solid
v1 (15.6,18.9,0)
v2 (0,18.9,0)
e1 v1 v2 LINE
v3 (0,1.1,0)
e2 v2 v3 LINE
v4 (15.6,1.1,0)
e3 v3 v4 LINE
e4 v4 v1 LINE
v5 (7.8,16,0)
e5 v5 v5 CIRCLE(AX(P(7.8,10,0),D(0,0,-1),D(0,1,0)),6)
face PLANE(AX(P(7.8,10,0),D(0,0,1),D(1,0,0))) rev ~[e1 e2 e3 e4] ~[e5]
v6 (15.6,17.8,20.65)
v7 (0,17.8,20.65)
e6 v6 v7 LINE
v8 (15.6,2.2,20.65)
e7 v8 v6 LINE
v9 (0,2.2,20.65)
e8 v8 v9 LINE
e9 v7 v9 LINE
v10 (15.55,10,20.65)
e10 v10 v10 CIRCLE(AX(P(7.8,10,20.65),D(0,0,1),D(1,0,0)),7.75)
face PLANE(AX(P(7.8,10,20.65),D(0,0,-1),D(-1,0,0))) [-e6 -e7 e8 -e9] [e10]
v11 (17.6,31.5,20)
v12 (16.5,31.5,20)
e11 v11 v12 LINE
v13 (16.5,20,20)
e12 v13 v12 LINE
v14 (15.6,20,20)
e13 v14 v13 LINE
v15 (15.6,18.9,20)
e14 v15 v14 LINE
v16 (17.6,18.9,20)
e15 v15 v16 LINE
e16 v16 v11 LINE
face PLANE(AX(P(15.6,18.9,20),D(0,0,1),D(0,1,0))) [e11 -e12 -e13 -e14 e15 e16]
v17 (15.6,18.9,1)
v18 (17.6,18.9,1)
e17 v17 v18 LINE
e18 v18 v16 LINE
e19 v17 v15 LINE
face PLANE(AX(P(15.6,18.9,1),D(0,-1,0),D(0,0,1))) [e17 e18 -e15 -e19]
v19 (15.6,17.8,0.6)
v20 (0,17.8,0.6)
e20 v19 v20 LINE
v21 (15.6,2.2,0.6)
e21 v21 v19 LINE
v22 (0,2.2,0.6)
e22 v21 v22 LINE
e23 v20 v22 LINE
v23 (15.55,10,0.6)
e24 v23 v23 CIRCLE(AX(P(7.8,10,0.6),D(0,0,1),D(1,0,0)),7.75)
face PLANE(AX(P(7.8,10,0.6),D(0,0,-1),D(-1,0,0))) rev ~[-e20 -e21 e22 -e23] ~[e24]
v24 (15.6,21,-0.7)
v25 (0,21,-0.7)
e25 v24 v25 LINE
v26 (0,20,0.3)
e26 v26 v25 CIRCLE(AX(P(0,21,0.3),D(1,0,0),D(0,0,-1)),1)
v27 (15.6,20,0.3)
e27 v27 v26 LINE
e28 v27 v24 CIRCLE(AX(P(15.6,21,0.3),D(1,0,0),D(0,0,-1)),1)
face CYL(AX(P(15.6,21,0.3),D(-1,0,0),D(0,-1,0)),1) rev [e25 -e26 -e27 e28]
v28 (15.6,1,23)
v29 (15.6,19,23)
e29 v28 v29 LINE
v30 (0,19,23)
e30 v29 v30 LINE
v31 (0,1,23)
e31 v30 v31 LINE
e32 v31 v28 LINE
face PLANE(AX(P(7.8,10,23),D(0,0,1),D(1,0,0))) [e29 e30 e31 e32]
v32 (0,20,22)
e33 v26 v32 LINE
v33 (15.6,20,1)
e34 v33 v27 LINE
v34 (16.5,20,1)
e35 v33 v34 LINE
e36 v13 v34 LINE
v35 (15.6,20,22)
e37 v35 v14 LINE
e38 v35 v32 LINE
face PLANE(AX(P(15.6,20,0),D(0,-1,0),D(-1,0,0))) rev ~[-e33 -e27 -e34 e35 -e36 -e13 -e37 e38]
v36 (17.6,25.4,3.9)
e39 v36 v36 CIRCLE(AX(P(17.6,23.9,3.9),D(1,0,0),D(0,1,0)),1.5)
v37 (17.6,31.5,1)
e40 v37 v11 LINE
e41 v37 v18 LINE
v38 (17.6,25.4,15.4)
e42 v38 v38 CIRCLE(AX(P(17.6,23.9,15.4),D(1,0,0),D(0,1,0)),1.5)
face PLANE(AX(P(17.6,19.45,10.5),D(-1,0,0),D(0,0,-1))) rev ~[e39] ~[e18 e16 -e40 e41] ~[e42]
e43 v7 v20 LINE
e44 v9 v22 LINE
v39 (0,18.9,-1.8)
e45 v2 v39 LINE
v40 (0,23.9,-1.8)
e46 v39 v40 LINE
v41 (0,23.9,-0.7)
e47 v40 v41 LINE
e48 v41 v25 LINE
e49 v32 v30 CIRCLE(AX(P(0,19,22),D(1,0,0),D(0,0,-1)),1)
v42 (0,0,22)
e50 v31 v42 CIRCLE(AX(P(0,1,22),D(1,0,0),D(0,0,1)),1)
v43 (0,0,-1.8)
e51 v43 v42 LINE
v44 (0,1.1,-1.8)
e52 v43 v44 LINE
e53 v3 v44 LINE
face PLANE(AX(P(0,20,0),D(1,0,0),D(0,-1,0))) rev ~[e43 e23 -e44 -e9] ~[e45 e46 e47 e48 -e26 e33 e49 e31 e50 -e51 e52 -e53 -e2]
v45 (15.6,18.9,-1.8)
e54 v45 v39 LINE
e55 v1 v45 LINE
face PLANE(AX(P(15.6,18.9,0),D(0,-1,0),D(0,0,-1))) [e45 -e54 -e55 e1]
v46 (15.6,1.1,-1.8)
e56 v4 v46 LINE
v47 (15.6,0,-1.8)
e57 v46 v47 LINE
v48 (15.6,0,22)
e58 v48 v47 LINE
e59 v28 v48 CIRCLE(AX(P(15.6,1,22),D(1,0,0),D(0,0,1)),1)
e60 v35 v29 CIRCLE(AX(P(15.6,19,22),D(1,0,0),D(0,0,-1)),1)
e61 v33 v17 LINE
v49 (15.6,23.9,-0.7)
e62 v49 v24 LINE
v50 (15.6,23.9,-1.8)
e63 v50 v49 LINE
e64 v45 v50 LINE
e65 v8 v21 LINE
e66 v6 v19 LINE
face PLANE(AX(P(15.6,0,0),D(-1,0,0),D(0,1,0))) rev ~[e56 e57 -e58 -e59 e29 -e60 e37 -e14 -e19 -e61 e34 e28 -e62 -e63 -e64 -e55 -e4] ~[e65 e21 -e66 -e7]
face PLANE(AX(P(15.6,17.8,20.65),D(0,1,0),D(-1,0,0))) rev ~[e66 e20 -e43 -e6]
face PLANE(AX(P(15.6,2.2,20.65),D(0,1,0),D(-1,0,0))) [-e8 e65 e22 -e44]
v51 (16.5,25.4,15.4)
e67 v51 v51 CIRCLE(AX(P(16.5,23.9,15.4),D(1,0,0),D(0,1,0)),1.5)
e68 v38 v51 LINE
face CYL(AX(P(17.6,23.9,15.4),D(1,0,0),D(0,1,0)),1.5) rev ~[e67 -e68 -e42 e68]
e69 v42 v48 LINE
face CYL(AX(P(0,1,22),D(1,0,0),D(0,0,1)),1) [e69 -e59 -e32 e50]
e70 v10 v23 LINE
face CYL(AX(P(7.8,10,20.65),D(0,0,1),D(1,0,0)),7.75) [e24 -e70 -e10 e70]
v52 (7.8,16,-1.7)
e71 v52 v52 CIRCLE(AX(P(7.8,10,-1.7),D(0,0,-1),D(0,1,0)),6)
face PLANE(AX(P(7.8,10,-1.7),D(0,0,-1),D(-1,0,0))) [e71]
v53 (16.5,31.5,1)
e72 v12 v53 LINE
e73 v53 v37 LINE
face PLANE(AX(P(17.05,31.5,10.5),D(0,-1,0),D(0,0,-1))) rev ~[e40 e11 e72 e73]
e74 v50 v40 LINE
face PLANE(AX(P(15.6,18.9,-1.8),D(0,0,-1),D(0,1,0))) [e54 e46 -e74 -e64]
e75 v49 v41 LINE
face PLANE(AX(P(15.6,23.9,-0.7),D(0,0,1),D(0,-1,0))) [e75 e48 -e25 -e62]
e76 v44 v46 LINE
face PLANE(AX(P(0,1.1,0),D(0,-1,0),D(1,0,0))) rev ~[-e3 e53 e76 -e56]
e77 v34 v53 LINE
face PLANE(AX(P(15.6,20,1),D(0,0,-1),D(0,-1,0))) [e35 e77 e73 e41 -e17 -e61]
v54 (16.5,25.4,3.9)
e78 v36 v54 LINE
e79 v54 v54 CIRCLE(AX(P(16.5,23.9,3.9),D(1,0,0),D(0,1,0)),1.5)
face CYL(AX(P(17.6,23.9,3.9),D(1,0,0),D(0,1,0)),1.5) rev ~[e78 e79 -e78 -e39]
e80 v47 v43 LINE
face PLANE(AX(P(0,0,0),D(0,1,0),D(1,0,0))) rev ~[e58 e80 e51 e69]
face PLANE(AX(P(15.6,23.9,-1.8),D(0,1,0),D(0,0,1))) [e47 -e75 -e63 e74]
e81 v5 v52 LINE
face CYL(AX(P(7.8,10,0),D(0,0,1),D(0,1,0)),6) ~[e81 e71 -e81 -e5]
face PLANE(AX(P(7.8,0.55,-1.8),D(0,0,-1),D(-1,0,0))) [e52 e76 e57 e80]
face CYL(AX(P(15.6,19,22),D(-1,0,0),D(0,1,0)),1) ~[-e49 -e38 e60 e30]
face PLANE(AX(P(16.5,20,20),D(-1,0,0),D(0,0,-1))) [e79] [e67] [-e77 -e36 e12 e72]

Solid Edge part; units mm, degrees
sketch "Sketch1" plane through (0, 0, 0) normal (0, 0, 1) x (1, 0, 0)
  line L0 (15.6, 20) -> (0, 20)
  line L1 (0, 20) -> (0, 0)
  line L2 (0, 0) -> (15.6, 0)
  line L3 (15.6, 0) -> (15.6, 20)
extrude "Protrusion1" add sketch "Sketch1" along normal blind 23
sketch "Sketch2" plane through (7.8, 10, 0) normal (0, 0, -1) x (0, 1, 0)
  circle A0 centre (0, 0) radius 6
extrude "ProtrusiónExtruida_2" add sketch "Sketch2" along normal blind 1.7
sketch "Sketch3" plane through (15.6, 10, 11.5) normal (1, 0, 0) x (0, 1, 0)
  line L0 (8.9, -13.3) -> (13.9, -13.3)
  line L1 (13.9, -13.3) -> (13.9, -12.2)
  line L2 (13.9, -12.2) -> (10, -12.2)
  line L3 (10, -12.2) -> (10, -11.5)
  line L4 (8.9, -11.5) -> (10, -11.5)
  line L5 (8.9, -11.5) -> (8.9, -13.3)
extrude "Protrusion2" add sketch "Sketch3" against normal up to surface (15.6 mm away)
sketch "Sketch4" plane through (15.6, 11.95, 10.6) normal (1, 0, 0) x (0, 1, 0)
  line L0 (6.95, -9.6) -> (6.95, 9.4)
  line L1 (6.95, 9.4) -> (8.05, 9.4)
  line L2 (8.05, 9.4) -> (8.05, -9.6)
  line L3 (8.05, -9.6) -> (6.95, -9.6)
extrude "ProtrusiónExtruida_4" add sketch "Sketch4" along normal blind 2
sketch "Sketch5" plane through (8.8, 20, 11.15) normal (0, 1, 0) x (-1, 0, 0)
  line L0 (-7.7, 8.85) -> (-7.7, -10.15)
  line L1 (-7.7, -10.15) -> (-8.8, -10.15)
  line L2 (-8.8, -10.15) -> (-8.8, 8.85)
  line L3 (-8.8, 8.85) -> (-7.7, 8.85)
extrude "ProtrusiónExtruida_5" add sketch "Sketch5" along normal blind 11.5
sketch "Sketch6" plane through (7.8, 9.45, 0) normal (0, 0, -1) x (0, 1, 0)
  line L0 (-8.35, -7.8) -> (-8.35, 7.8)
  line L1 (-8.35, 7.8) -> (-9.45, 7.8)
  line L2 (-9.45, 7.8) -> (-9.45, -7.8)
  line L3 (-9.45, -7.8) -> (-8.35, -7.8)
extrude "ProtrusiónExtruida_6" add sketch "Sketch6" along normal blind 1.8
sketch "Sketch7" plane through (17.6, 25.2, 10.5) normal (1, 0, 0) x (0, 1, 0)
  circle A0 centre (-1.3, 4.9) radius 1.5
  circle A1 centre (-1.3, -6.6) radius 1.5
  dimension "D1" = 3
  dimension "D2" = 2.9
  dimension "D3" = 5
  dimension "D4" = 11.5
extrude "Cutout1" cut sketch "Sketch7" against normal up to next
sketch "Sketch8" plane through (7.8, 10, 23) normal (0, 0, 1) x (1, 0, 0)
  line L0 (7.8, -7.8) -> (-7.8, -7.8)
  line L1 (-7.8, 7.8) -> (-7.8, -7.8)
  line L2 (7.8, 7.8) -> (-7.8, 7.8)
  line L3 (7.8, -7.8) -> (7.8, 7.8)
  circle A0 centre (0, 0) radius 7.75
  dimension "D1" = 15.5
  dimension "D2" = 7.8
  dimension "D3" = 7.8
extrude "Cutout2" cut sketch "Sketch8" against normal up to surface (20.05 mm away) from surface at -2.35
fillet "Redondeo_1" radius 1 3 edges at (7.8, 20, 23) (7.8, 0, 23) (7.8, 20, -0.7)
